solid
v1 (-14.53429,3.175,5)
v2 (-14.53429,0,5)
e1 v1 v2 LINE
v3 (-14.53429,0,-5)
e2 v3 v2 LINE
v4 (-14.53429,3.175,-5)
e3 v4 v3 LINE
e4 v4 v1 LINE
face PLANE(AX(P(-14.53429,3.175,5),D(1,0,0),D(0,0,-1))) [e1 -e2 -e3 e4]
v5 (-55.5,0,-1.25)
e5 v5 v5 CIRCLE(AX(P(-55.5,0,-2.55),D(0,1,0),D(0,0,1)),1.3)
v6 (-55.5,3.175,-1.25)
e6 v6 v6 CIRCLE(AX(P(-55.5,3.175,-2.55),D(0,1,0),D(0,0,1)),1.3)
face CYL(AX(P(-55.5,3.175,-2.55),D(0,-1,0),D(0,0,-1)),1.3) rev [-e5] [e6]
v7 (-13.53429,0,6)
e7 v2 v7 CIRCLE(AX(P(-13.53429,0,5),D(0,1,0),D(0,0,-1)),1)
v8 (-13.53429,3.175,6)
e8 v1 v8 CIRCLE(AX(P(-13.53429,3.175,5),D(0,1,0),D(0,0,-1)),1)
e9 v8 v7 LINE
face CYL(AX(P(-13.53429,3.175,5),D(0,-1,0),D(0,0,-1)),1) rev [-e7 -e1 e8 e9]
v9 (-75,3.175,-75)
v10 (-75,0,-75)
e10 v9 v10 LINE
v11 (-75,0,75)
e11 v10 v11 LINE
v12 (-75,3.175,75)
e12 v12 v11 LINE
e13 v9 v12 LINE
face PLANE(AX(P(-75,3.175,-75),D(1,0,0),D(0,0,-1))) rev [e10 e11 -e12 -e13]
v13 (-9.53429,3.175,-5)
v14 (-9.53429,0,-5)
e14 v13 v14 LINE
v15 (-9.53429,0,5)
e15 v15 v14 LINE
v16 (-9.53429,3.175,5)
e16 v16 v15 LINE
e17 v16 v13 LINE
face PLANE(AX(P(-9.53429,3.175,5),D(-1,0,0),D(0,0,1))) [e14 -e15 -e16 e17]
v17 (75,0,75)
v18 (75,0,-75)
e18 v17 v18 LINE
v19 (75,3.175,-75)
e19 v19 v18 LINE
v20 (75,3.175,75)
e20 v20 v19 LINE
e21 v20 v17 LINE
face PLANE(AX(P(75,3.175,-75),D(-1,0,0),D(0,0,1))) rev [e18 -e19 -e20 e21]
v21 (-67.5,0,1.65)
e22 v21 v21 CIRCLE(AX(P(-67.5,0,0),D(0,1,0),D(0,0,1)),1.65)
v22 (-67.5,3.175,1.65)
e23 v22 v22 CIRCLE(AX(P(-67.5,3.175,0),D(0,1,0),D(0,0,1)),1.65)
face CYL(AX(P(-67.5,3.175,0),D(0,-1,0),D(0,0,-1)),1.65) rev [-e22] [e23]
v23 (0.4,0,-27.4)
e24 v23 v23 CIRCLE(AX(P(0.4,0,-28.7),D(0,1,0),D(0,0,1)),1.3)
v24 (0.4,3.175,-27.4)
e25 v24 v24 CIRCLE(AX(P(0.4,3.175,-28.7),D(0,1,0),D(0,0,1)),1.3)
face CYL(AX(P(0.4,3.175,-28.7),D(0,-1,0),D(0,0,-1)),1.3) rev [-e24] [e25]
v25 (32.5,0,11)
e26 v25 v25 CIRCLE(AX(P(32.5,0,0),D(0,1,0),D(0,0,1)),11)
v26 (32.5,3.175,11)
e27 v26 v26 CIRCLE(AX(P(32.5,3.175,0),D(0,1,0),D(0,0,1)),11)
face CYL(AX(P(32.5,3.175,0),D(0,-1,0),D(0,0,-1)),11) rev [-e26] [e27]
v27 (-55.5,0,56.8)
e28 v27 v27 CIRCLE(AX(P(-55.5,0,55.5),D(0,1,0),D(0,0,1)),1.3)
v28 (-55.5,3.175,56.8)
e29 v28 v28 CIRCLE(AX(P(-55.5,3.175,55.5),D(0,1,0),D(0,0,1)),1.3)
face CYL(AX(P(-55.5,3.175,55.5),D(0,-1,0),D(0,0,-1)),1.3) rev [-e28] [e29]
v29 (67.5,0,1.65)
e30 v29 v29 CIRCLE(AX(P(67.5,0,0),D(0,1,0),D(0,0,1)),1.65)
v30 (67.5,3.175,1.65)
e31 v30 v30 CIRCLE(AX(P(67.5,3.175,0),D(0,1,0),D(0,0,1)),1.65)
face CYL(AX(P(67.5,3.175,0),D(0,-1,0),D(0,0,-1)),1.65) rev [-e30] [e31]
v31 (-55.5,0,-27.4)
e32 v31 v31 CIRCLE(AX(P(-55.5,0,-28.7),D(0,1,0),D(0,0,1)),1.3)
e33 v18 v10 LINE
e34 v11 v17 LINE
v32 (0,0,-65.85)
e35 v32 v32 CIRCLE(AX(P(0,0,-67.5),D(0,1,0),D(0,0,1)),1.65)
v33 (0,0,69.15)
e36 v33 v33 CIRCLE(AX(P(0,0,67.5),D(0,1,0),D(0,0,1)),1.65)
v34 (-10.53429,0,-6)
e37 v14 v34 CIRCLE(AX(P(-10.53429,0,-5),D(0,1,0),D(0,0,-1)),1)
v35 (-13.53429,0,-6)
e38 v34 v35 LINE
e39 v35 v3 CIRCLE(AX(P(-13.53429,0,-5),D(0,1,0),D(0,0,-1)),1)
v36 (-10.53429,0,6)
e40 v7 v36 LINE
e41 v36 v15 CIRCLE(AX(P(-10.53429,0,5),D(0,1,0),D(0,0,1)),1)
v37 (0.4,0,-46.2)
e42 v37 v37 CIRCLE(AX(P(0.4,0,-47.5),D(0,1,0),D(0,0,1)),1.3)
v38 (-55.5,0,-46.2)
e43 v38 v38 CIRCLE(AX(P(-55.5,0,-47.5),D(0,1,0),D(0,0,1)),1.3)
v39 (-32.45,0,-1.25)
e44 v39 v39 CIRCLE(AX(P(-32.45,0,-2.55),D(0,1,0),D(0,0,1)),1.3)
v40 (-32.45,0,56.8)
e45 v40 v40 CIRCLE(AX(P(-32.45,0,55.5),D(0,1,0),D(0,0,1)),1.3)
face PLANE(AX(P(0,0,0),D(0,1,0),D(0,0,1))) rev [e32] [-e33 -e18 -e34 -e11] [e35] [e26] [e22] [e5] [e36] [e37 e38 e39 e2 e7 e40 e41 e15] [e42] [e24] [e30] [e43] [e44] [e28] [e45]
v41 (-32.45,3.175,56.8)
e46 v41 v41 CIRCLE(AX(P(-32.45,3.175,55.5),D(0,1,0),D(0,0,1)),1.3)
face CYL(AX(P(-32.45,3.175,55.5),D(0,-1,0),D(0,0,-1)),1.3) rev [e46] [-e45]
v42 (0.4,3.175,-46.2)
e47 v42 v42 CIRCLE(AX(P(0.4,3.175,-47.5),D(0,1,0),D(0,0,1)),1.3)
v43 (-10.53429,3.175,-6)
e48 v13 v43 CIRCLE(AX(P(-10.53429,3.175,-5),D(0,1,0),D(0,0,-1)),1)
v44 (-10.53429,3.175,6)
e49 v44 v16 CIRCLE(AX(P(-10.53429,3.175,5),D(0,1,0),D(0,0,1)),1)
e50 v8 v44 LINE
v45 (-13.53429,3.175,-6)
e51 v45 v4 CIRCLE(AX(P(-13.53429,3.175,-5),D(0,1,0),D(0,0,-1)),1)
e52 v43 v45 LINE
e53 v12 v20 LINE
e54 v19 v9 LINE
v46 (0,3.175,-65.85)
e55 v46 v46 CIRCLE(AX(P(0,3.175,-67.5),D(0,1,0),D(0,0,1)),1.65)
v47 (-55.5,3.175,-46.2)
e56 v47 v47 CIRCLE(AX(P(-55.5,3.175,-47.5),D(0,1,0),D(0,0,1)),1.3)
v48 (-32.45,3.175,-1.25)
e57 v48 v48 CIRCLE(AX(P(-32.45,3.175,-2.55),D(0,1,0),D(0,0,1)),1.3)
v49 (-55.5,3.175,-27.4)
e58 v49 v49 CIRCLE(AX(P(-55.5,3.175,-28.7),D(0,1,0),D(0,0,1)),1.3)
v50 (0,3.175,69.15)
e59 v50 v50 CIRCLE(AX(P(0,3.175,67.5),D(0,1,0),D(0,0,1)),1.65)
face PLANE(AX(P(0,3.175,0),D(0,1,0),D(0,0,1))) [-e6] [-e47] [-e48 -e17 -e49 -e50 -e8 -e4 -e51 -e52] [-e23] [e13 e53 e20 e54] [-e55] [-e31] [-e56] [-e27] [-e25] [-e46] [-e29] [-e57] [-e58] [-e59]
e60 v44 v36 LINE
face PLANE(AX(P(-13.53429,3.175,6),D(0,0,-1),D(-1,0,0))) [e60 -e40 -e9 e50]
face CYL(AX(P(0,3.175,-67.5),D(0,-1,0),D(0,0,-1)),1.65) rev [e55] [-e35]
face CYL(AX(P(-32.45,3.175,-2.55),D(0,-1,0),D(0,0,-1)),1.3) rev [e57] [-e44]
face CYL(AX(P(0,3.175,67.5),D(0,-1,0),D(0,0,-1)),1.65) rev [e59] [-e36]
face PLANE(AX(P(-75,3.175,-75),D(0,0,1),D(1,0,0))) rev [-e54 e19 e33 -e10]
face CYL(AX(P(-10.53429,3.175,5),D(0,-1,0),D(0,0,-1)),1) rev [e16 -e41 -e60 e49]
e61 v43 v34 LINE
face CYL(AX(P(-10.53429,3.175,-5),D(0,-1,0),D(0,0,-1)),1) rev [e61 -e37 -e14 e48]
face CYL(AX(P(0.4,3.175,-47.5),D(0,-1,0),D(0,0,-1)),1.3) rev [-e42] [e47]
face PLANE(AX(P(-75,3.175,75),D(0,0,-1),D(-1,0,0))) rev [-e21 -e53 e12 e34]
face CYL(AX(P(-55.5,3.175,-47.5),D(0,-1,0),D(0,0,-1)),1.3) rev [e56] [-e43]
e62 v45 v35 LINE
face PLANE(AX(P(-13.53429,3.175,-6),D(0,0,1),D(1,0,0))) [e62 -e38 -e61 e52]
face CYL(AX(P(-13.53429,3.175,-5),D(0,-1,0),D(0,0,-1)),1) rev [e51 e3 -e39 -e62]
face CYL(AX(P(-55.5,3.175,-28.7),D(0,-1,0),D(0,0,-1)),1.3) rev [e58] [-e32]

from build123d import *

# Parameters (mm, degrees)
SKETCH1_W           = 150
SKETCH1_H           = 150
SKETCH1_R           = 1.65
SKETCH1_R_2         = 1.3
SKETCH1_R_3         = 11
BOSS_EXTRUDE1_DEPTH = 3.175


with BuildPart() as part:
    # Sketch1 → Boss-Extrude1 (new body)
    with BuildSketch(Plane(origin=(0, 0, 0), x_dir=(1, 0, 0), z_dir=(0, 1, 0))):
        Rectangle(SKETCH1_W, SKETCH1_H)
        with Locations(Location((-67.5, 0, 0), (0, 0, 270))):
            Circle(SKETCH1_R, mode=Mode.SUBTRACT)
        with Locations(Location((0, 67.5, 0), (0, 0, 270))):
            Circle(SKETCH1_R, mode=Mode.SUBTRACT)
        with Locations(Location((67.5, 0, 0), (0, 0, 270))):
            Circle(SKETCH1_R, mode=Mode.SUBTRACT)
        with Locations(Location((0, -67.5, 0), (0, 0, 270))):
            Circle(SKETCH1_R, mode=Mode.SUBTRACT)
        with Locations(Location((-55.5, -55.5, 0), (0, 0, 270))):
            Circle(SKETCH1_R_2, mode=Mode.SUBTRACT)
        with Locations(Location((-32.45, -55.5, 0), (0, 0, 270))):
            Circle(SKETCH1_R_2, mode=Mode.SUBTRACT)
        with Locations(Location((-32.45, 2.55, 0), (0, 0, 270))):
            Circle(SKETCH1_R_2, mode=Mode.SUBTRACT)
        with Locations(Location((-55.5, 2.55, 0), (0, 0, 270))):
            Circle(SKETCH1_R_2, mode=Mode.SUBTRACT)
        with Locations(Location((0.4, 47.5, 0), (0, 0, 270))):
            Circle(SKETCH1_R_2, mode=Mode.SUBTRACT)
        with Locations(Location((0.4, 28.7, 0), (0, 0, 270))):
            Circle(SKETCH1_R_2, mode=Mode.SUBTRACT)
        with Locations(Location((-55.5, 47.5, 0), (0, 0, 270))):
            Circle(SKETCH1_R_2, mode=Mode.SUBTRACT)
        with Locations(Location((-55.5, 28.7, 0), (0, 0, 270))):
            Circle(SKETCH1_R_2, mode=Mode.SUBTRACT)
        with Locations(Location((32.5, 0, 0), (0, 0, 270))):
            Circle(SKETCH1_R_3, mode=Mode.SUBTRACT)
        with BuildLine():
            Line((-13.534289991, -6), (-10.534289991, -6))
            ThreePointArc((-10.534289991, -6), (-9.82718321, -5.707106781), (-9.534289991, -5))
            Line((-9.534289991, -5), (-9.534289991, 5))
            ThreePointArc((-9.534289991, 5), (-9.82718321, 5.707106781), (-10.534289991, 6))
            Line((-10.534289991, 6), (-13.534289991, 6))
            ThreePointArc((-13.534289991, 6), (-14.241396772, 5.707106781), (-14.534289991, 5))
            Line((-14.534289991, 5), (-14.534289991, -5))
            ThreePointArc((-14.534289991, -5), (-14.241396772, -5.707106781), (-13.534289991, -6))
        make_face(mode=Mode.SUBTRACT)
    extrude(amount=BOSS_EXTRUDE1_DEPTH)


solid = part.part
